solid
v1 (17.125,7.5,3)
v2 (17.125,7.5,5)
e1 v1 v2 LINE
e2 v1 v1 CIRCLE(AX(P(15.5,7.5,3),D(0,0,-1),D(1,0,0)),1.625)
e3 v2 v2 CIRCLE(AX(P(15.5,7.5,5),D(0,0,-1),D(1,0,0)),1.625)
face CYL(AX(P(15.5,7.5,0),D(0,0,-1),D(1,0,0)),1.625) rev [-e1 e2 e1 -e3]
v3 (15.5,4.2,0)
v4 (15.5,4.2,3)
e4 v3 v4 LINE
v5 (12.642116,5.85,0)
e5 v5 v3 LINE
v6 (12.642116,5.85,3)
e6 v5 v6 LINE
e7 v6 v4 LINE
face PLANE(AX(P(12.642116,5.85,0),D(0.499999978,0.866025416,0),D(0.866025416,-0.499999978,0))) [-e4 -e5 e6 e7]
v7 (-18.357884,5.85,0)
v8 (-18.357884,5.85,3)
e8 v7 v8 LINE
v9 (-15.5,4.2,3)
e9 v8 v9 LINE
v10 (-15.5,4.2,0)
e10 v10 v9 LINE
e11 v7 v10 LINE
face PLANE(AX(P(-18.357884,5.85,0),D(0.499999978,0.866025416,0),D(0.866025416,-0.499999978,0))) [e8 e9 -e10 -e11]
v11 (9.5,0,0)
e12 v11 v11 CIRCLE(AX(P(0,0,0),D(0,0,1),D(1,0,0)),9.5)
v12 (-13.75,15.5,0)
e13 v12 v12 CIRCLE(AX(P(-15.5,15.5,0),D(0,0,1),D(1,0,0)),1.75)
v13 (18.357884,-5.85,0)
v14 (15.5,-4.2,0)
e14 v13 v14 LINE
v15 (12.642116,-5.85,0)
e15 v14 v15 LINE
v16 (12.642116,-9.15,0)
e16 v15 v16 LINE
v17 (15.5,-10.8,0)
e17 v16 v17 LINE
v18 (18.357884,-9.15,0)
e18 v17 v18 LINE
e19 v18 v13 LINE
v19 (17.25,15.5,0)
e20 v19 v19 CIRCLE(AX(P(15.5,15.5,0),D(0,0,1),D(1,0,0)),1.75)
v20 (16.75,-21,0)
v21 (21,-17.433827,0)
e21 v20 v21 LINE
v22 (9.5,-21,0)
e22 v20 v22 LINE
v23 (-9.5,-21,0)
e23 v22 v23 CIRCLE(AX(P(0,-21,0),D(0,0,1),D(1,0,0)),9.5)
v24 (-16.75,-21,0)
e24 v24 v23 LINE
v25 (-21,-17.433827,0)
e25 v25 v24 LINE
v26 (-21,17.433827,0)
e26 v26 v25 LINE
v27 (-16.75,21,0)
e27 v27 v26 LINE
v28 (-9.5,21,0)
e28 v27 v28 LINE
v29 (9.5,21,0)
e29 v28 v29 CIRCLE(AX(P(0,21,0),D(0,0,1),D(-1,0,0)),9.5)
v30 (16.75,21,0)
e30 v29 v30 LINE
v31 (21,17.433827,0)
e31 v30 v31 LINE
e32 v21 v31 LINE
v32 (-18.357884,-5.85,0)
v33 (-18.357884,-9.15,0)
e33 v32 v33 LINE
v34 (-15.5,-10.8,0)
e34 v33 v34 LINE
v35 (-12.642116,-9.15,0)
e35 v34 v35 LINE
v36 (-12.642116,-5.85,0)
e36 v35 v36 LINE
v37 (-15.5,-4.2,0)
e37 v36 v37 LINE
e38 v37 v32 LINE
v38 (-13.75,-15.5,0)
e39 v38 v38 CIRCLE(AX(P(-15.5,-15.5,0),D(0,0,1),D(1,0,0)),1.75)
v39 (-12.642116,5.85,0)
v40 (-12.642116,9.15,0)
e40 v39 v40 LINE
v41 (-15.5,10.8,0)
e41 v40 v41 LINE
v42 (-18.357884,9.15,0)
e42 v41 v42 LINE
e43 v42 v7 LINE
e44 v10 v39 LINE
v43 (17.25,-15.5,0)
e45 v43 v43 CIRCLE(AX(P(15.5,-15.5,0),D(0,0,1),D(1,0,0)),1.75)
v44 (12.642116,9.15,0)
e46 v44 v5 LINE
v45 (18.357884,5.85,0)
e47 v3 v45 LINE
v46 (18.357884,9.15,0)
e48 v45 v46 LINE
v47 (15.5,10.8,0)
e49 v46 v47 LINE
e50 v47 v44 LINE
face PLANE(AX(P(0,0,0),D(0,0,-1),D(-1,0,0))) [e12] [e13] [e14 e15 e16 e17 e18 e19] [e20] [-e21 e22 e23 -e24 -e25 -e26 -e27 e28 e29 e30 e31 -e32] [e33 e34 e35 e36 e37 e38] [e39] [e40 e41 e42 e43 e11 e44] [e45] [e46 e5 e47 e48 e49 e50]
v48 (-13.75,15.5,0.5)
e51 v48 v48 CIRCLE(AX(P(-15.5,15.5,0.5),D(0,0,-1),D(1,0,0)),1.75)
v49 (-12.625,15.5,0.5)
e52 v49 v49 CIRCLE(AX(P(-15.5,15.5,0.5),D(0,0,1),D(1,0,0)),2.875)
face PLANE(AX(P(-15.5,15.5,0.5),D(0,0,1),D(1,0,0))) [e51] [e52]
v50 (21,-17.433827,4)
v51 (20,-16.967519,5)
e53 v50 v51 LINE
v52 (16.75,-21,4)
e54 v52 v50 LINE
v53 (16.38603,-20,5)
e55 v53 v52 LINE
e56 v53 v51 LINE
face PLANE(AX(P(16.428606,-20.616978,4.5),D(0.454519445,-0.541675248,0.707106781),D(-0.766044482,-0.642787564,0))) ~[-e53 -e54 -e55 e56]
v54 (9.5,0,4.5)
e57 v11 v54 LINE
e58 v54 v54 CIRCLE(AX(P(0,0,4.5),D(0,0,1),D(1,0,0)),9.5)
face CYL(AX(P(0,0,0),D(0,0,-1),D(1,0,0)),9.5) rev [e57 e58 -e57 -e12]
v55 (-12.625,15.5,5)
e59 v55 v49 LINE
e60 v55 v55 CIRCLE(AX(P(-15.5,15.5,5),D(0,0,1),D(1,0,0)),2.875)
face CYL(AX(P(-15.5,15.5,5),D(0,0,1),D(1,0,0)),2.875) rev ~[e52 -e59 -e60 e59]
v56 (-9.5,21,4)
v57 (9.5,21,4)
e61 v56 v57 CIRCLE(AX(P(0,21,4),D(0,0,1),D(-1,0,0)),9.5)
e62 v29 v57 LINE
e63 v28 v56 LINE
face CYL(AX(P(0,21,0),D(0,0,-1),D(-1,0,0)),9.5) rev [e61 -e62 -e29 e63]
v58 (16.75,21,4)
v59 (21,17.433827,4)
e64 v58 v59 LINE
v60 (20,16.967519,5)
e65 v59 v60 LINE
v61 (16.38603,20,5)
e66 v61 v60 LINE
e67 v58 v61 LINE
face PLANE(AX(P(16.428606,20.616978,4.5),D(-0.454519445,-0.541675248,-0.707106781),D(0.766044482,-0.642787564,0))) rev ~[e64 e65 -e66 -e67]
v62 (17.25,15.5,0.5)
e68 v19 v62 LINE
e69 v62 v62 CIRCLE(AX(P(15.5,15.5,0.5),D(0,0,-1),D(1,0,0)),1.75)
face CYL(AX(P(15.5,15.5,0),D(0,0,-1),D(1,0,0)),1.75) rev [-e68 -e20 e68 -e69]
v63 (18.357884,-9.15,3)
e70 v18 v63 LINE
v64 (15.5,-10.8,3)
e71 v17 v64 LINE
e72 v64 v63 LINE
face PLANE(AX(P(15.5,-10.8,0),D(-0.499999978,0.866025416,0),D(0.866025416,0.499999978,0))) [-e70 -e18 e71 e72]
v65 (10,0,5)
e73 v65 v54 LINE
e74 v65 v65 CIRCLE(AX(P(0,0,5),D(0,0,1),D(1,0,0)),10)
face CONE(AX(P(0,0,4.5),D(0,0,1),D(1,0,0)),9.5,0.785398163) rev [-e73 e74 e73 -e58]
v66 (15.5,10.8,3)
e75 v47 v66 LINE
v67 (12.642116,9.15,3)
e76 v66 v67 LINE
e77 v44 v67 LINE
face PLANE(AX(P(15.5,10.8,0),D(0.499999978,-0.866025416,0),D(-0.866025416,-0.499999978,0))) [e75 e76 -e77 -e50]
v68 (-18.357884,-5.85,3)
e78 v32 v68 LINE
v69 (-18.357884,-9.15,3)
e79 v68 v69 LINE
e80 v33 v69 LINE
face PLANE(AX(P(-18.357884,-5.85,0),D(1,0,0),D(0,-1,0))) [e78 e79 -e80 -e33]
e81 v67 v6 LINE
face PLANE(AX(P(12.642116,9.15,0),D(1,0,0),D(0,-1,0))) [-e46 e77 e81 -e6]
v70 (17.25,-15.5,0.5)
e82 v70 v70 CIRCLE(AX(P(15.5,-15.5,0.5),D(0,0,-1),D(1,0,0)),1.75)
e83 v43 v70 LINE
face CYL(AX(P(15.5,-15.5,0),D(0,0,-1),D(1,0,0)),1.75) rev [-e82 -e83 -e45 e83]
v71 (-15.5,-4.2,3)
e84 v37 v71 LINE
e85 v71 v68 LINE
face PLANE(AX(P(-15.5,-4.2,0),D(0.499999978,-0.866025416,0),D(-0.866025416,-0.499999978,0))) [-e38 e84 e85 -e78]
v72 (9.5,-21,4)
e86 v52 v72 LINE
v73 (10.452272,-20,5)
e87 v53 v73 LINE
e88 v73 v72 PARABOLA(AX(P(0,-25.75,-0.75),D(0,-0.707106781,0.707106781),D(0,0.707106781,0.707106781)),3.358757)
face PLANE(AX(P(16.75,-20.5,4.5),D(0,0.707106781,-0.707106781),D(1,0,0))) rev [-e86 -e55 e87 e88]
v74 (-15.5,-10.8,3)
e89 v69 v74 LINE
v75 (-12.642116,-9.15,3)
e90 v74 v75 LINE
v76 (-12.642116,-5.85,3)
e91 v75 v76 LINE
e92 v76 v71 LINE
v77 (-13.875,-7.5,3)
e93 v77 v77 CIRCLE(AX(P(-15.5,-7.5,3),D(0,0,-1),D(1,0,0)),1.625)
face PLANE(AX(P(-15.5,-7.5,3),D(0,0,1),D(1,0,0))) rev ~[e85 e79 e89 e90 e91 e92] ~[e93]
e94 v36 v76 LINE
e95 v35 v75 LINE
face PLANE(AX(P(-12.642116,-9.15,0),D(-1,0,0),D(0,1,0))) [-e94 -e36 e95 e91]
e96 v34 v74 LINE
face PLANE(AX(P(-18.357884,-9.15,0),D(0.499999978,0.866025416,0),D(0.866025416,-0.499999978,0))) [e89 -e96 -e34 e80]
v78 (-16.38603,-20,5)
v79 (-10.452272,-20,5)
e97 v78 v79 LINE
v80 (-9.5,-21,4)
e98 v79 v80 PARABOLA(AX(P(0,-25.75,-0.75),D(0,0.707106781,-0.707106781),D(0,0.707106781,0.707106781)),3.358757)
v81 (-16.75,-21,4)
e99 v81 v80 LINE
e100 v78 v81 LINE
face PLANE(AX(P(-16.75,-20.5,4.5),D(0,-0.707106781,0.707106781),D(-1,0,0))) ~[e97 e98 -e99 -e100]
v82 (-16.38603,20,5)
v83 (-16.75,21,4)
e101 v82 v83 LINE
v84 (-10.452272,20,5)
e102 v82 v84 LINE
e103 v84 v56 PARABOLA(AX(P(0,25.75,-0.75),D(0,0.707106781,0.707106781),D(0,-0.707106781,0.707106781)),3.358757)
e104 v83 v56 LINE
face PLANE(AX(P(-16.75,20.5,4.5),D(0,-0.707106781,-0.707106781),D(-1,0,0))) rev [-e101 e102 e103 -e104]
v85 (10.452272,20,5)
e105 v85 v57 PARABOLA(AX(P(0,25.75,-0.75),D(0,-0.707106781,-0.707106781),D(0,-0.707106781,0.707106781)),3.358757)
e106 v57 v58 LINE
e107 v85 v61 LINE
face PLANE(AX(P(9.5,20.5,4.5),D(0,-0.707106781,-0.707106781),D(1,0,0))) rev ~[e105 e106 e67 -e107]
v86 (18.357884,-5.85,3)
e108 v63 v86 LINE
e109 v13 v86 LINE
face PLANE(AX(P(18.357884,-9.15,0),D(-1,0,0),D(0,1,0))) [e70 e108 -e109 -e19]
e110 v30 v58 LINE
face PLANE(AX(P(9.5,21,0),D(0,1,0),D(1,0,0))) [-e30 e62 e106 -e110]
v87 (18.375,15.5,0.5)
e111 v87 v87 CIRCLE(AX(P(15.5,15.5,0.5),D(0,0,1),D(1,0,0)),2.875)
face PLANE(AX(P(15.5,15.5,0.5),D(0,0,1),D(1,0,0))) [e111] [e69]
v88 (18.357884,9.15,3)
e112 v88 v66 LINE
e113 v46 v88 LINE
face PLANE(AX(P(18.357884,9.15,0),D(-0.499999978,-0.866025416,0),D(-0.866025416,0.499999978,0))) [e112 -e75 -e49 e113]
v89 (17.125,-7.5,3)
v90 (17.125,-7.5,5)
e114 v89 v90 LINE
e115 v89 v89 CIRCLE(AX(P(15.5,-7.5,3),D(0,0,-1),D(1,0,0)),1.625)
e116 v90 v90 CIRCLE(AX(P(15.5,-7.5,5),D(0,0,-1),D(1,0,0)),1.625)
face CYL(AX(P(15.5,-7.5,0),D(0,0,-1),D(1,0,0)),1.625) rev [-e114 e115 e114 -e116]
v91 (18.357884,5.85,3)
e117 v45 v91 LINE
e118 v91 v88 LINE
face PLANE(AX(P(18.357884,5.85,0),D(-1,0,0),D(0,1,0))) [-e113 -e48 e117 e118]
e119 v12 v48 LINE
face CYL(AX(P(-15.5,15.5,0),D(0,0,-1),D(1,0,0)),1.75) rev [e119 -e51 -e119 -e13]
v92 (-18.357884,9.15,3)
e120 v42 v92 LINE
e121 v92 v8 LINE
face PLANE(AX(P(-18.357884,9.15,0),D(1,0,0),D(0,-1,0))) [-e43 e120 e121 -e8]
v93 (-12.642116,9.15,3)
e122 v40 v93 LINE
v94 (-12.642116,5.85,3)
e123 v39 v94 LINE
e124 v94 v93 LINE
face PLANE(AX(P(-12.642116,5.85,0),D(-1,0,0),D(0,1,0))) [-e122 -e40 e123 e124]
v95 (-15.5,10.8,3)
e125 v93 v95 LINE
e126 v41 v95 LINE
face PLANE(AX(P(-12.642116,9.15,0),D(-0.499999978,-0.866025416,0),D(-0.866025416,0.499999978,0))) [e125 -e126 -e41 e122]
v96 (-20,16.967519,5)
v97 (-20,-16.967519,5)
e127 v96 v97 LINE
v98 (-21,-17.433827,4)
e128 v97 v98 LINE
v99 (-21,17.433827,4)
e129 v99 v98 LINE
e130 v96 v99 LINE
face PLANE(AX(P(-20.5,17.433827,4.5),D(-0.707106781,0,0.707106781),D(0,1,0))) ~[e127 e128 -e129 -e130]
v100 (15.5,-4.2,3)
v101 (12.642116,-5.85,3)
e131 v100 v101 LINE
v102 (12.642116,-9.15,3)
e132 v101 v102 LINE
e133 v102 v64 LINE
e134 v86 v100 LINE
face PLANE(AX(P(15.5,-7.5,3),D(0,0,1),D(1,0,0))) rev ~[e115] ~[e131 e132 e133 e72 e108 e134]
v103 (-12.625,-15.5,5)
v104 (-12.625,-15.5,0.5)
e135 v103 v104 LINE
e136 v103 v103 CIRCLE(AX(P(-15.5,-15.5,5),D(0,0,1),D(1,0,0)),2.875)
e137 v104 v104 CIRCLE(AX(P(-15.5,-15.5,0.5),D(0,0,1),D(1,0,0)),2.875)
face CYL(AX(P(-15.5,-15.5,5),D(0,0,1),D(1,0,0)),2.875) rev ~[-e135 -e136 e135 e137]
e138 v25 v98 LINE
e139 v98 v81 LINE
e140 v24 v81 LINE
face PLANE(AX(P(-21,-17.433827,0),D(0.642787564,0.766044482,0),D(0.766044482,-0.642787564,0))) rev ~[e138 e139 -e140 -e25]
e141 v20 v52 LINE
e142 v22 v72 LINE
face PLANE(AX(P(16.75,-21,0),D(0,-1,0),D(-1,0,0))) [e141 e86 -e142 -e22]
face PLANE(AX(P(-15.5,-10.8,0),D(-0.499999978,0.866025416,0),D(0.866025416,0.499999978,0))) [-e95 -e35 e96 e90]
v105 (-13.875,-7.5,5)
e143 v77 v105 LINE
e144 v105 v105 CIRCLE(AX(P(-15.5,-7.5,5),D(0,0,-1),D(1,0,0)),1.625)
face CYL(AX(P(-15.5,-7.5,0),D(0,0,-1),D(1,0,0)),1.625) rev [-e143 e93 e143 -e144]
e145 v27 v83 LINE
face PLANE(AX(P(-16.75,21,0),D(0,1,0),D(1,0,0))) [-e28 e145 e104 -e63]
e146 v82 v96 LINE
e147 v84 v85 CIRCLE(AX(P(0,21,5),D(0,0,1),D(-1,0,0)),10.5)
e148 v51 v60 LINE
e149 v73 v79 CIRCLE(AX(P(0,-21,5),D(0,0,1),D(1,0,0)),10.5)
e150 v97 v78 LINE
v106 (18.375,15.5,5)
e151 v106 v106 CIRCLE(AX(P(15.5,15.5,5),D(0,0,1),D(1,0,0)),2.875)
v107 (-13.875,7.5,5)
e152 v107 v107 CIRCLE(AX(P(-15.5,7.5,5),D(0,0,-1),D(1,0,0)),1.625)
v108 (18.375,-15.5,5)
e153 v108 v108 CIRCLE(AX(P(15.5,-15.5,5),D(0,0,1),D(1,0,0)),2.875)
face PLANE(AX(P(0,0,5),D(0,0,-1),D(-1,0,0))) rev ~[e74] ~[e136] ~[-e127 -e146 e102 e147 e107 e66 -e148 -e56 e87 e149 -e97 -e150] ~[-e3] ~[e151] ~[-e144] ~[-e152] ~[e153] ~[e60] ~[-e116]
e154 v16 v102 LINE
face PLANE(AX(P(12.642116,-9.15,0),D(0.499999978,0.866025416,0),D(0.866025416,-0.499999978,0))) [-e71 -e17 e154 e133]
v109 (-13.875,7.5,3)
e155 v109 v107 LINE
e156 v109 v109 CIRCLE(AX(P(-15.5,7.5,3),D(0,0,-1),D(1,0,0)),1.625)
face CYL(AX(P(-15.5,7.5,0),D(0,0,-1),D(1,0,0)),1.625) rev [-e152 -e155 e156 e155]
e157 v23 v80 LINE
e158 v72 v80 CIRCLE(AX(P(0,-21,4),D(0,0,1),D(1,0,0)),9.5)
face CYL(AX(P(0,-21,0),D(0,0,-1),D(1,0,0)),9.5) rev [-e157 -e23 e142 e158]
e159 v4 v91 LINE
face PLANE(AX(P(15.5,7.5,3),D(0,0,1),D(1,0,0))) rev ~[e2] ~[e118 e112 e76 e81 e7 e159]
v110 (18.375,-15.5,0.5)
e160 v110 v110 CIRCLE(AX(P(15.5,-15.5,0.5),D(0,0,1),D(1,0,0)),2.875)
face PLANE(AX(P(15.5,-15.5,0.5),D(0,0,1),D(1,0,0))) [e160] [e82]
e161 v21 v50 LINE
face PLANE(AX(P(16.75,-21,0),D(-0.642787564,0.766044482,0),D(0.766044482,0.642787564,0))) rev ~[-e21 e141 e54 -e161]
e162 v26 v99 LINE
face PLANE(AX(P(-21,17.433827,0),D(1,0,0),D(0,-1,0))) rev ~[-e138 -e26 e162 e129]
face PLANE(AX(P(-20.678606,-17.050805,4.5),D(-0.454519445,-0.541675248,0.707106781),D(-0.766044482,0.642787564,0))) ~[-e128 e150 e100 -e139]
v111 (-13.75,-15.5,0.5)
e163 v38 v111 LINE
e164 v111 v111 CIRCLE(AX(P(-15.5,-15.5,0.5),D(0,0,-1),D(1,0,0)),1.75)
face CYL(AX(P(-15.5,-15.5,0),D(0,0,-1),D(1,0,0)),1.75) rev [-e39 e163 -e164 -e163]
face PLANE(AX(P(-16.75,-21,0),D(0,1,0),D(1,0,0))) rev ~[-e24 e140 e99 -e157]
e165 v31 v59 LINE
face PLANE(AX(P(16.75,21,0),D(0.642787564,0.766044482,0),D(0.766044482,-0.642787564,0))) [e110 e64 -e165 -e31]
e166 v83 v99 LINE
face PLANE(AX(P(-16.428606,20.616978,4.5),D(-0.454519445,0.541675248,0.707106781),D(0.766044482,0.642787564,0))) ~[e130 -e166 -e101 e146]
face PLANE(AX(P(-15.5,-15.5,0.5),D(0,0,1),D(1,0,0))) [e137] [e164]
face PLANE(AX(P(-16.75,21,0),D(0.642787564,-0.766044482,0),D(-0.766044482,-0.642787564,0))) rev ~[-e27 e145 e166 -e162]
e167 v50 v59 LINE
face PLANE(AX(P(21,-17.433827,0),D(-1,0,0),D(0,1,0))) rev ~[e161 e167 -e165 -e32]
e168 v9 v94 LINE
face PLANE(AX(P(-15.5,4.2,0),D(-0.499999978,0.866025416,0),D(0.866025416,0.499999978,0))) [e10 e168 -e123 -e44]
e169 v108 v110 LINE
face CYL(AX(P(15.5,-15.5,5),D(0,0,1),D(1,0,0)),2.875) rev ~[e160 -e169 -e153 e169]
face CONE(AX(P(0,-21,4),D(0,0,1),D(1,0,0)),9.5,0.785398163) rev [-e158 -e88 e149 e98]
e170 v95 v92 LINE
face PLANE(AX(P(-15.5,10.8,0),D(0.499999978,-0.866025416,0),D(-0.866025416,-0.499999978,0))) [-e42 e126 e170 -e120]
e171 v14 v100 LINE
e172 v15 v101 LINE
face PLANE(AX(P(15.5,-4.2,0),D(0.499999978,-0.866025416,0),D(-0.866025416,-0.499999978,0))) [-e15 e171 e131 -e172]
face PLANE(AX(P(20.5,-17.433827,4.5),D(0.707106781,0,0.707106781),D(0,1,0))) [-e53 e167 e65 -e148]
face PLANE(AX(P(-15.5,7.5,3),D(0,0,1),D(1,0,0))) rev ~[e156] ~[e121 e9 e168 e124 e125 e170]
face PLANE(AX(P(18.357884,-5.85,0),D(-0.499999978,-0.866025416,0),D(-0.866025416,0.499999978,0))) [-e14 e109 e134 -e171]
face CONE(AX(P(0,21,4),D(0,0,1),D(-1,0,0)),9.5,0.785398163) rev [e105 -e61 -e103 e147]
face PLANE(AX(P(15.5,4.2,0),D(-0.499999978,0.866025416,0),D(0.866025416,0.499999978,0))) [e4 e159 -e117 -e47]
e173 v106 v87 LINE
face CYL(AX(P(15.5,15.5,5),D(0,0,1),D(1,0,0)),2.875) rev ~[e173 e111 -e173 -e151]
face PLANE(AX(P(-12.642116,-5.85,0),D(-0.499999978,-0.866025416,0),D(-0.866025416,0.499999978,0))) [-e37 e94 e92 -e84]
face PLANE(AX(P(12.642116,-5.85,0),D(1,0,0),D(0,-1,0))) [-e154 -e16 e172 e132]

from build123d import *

# Parameters (mm, degrees)
SKETCH_R        = 9.5
SKETCH_R_2      = 1.75
PAD_DEPTH       = 5
POCKET_DEPTH    = 3
SKETCH002_R     = 1.625
POCKET001_DEPTH = 5.001
SKETCH003_R     = 2.875
POCKET002_DEPTH = 4.5
CHAMFER_SIZE    = 1
CHAMFER002_SIZE = 0.5


with BuildPart() as part:
    # Sketch → Pad (new body)
    with BuildSketch(Plane.XY):
        with BuildLine():
            Line((16.75, 21), (21, 17.433827))
            Line((21, 17.433827), (21, 0))
            Line((21, -17.433827), (21, 0))
            Line((16.75, -21), (21, -17.433827))
            Line((16.75, -21), (9.5, -21))
            ThreePointArc((9.5, -21), (0, -11.5), (-9.5, -21))
            Line((-16.75, -21), (-9.5, -21))
            Line((-21, -17.433827), (-16.75, -21))
            Line((-21, 0), (-21, -17.433827))
            Line((-21, 17.433827), (-21, 0))
            Line((-16.75, 21), (-21, 17.433827))
            Line((-16.75, 21), (-9.5, 21))
            ThreePointArc((-9.5, 21), (0, 11.5), (9.5, 21))
            Line((9.5, 21), (16.75, 21))
        make_face()
        Circle(SKETCH_R, mode=Mode.SUBTRACT)
        with Locations((-15.5, 15.5)):
            Circle(SKETCH_R_2, mode=Mode.SUBTRACT)
        with Locations((15.5, 15.5)):
            Circle(SKETCH_R_2, mode=Mode.SUBTRACT)
        with Locations((-15.5, -15.5)):
            Circle(SKETCH_R_2, mode=Mode.SUBTRACT)
        with Locations((15.5, -15.5)):
            Circle(SKETCH_R_2, mode=Mode.SUBTRACT)
    extrude(amount=PAD_DEPTH)

    # Sketch001 → Pocket (cut)
    with BuildSketch(Plane.XY):
        Polygon((-15.5, 4.2), (-12.642116, 5.85), (-12.642116, 9.15), (-15.5, 10.8), (-18.357884, 9.15), (-18.357884, 5.85), align=None)
        Polygon((-12.642116, -9.15), (-12.642116, -5.85), (-15.5, -4.2), (-18.357884, -5.85), (-18.357884, -9.15), (-15.5, -10.8), align=None)
        Polygon((18.357884, 5.85), (18.357884, 9.15), (15.5, 10.8), (12.642116, 9.15), (12.642116, 5.85), (15.5, 4.2), align=None)
        Polygon((18.357884, -9.15), (18.357884, -5.85), (15.5, -4.2), (12.642116, -5.85), (12.642116, -9.15), (15.5, -10.8), align=None)
    extrude(amount=POCKET_DEPTH, mode=Mode.SUBTRACT)

    # Sketch002 → Pocket001 (cut, through all)
    with BuildSketch(Plane.XY):
        with Locations((-15.5, 7.5)):
            Circle(SKETCH002_R)
        with Locations((15.5, 7.5)):
            Circle(SKETCH002_R)
        with Locations((15.5, -7.5)):
            Circle(SKETCH002_R)
        with Locations((-15.5, -7.5)):
            Circle(SKETCH002_R)
    extrude(amount=POCKET001_DEPTH, mode=Mode.SUBTRACT)

    # Sketch003 → Pocket002 (cut)
    with BuildSketch(Plane.XY.offset(5)):
        with Locations((-15.5, 15.5)):
            Circle(SKETCH003_R)
        with Locations((15.5, 15.5)):
            Circle(SKETCH003_R)
        with Locations((-15.5, -15.5)):
            Circle(SKETCH003_R)
        with Locations((15.5, -15.5)):
            Circle(SKETCH003_R)
    extrude(amount=-POCKET002_DEPTH, mode=Mode.SUBTRACT)

    # Chamfer
    chamfer_edges = [part.edges().sort_by_distance(p)[0] for p in [
        (-13.125, -21, 5),
        (-18.875, -19.216913, 5),
        (-21, -8.716913, 5),
        (-21, 8.716913, 5),
        (-18.875, 19.216913, 5),
        (-13.125, 21, 5),
        (0, 11.5, 5),
        (13.125, 21, 5),
        (18.875, 19.216913, 5),
        (21, 8.716913, 5),
        (21, -8.716913, 5),
        (0, -11.5, 5),
        (13.125, -21, 5),
        (18.875, -19.216913, 5),
    ]]
    chamfer(chamfer_edges, length=CHAMFER_SIZE)

    # Chamfer002
    chamfer002_edges = [part.edges().sort_by_distance(p)[0] for p in [
        (-9.5, 0, 5),
    ]]
    chamfer(chamfer002_edges, length=CHAMFER002_SIZE)


solid = part.part
